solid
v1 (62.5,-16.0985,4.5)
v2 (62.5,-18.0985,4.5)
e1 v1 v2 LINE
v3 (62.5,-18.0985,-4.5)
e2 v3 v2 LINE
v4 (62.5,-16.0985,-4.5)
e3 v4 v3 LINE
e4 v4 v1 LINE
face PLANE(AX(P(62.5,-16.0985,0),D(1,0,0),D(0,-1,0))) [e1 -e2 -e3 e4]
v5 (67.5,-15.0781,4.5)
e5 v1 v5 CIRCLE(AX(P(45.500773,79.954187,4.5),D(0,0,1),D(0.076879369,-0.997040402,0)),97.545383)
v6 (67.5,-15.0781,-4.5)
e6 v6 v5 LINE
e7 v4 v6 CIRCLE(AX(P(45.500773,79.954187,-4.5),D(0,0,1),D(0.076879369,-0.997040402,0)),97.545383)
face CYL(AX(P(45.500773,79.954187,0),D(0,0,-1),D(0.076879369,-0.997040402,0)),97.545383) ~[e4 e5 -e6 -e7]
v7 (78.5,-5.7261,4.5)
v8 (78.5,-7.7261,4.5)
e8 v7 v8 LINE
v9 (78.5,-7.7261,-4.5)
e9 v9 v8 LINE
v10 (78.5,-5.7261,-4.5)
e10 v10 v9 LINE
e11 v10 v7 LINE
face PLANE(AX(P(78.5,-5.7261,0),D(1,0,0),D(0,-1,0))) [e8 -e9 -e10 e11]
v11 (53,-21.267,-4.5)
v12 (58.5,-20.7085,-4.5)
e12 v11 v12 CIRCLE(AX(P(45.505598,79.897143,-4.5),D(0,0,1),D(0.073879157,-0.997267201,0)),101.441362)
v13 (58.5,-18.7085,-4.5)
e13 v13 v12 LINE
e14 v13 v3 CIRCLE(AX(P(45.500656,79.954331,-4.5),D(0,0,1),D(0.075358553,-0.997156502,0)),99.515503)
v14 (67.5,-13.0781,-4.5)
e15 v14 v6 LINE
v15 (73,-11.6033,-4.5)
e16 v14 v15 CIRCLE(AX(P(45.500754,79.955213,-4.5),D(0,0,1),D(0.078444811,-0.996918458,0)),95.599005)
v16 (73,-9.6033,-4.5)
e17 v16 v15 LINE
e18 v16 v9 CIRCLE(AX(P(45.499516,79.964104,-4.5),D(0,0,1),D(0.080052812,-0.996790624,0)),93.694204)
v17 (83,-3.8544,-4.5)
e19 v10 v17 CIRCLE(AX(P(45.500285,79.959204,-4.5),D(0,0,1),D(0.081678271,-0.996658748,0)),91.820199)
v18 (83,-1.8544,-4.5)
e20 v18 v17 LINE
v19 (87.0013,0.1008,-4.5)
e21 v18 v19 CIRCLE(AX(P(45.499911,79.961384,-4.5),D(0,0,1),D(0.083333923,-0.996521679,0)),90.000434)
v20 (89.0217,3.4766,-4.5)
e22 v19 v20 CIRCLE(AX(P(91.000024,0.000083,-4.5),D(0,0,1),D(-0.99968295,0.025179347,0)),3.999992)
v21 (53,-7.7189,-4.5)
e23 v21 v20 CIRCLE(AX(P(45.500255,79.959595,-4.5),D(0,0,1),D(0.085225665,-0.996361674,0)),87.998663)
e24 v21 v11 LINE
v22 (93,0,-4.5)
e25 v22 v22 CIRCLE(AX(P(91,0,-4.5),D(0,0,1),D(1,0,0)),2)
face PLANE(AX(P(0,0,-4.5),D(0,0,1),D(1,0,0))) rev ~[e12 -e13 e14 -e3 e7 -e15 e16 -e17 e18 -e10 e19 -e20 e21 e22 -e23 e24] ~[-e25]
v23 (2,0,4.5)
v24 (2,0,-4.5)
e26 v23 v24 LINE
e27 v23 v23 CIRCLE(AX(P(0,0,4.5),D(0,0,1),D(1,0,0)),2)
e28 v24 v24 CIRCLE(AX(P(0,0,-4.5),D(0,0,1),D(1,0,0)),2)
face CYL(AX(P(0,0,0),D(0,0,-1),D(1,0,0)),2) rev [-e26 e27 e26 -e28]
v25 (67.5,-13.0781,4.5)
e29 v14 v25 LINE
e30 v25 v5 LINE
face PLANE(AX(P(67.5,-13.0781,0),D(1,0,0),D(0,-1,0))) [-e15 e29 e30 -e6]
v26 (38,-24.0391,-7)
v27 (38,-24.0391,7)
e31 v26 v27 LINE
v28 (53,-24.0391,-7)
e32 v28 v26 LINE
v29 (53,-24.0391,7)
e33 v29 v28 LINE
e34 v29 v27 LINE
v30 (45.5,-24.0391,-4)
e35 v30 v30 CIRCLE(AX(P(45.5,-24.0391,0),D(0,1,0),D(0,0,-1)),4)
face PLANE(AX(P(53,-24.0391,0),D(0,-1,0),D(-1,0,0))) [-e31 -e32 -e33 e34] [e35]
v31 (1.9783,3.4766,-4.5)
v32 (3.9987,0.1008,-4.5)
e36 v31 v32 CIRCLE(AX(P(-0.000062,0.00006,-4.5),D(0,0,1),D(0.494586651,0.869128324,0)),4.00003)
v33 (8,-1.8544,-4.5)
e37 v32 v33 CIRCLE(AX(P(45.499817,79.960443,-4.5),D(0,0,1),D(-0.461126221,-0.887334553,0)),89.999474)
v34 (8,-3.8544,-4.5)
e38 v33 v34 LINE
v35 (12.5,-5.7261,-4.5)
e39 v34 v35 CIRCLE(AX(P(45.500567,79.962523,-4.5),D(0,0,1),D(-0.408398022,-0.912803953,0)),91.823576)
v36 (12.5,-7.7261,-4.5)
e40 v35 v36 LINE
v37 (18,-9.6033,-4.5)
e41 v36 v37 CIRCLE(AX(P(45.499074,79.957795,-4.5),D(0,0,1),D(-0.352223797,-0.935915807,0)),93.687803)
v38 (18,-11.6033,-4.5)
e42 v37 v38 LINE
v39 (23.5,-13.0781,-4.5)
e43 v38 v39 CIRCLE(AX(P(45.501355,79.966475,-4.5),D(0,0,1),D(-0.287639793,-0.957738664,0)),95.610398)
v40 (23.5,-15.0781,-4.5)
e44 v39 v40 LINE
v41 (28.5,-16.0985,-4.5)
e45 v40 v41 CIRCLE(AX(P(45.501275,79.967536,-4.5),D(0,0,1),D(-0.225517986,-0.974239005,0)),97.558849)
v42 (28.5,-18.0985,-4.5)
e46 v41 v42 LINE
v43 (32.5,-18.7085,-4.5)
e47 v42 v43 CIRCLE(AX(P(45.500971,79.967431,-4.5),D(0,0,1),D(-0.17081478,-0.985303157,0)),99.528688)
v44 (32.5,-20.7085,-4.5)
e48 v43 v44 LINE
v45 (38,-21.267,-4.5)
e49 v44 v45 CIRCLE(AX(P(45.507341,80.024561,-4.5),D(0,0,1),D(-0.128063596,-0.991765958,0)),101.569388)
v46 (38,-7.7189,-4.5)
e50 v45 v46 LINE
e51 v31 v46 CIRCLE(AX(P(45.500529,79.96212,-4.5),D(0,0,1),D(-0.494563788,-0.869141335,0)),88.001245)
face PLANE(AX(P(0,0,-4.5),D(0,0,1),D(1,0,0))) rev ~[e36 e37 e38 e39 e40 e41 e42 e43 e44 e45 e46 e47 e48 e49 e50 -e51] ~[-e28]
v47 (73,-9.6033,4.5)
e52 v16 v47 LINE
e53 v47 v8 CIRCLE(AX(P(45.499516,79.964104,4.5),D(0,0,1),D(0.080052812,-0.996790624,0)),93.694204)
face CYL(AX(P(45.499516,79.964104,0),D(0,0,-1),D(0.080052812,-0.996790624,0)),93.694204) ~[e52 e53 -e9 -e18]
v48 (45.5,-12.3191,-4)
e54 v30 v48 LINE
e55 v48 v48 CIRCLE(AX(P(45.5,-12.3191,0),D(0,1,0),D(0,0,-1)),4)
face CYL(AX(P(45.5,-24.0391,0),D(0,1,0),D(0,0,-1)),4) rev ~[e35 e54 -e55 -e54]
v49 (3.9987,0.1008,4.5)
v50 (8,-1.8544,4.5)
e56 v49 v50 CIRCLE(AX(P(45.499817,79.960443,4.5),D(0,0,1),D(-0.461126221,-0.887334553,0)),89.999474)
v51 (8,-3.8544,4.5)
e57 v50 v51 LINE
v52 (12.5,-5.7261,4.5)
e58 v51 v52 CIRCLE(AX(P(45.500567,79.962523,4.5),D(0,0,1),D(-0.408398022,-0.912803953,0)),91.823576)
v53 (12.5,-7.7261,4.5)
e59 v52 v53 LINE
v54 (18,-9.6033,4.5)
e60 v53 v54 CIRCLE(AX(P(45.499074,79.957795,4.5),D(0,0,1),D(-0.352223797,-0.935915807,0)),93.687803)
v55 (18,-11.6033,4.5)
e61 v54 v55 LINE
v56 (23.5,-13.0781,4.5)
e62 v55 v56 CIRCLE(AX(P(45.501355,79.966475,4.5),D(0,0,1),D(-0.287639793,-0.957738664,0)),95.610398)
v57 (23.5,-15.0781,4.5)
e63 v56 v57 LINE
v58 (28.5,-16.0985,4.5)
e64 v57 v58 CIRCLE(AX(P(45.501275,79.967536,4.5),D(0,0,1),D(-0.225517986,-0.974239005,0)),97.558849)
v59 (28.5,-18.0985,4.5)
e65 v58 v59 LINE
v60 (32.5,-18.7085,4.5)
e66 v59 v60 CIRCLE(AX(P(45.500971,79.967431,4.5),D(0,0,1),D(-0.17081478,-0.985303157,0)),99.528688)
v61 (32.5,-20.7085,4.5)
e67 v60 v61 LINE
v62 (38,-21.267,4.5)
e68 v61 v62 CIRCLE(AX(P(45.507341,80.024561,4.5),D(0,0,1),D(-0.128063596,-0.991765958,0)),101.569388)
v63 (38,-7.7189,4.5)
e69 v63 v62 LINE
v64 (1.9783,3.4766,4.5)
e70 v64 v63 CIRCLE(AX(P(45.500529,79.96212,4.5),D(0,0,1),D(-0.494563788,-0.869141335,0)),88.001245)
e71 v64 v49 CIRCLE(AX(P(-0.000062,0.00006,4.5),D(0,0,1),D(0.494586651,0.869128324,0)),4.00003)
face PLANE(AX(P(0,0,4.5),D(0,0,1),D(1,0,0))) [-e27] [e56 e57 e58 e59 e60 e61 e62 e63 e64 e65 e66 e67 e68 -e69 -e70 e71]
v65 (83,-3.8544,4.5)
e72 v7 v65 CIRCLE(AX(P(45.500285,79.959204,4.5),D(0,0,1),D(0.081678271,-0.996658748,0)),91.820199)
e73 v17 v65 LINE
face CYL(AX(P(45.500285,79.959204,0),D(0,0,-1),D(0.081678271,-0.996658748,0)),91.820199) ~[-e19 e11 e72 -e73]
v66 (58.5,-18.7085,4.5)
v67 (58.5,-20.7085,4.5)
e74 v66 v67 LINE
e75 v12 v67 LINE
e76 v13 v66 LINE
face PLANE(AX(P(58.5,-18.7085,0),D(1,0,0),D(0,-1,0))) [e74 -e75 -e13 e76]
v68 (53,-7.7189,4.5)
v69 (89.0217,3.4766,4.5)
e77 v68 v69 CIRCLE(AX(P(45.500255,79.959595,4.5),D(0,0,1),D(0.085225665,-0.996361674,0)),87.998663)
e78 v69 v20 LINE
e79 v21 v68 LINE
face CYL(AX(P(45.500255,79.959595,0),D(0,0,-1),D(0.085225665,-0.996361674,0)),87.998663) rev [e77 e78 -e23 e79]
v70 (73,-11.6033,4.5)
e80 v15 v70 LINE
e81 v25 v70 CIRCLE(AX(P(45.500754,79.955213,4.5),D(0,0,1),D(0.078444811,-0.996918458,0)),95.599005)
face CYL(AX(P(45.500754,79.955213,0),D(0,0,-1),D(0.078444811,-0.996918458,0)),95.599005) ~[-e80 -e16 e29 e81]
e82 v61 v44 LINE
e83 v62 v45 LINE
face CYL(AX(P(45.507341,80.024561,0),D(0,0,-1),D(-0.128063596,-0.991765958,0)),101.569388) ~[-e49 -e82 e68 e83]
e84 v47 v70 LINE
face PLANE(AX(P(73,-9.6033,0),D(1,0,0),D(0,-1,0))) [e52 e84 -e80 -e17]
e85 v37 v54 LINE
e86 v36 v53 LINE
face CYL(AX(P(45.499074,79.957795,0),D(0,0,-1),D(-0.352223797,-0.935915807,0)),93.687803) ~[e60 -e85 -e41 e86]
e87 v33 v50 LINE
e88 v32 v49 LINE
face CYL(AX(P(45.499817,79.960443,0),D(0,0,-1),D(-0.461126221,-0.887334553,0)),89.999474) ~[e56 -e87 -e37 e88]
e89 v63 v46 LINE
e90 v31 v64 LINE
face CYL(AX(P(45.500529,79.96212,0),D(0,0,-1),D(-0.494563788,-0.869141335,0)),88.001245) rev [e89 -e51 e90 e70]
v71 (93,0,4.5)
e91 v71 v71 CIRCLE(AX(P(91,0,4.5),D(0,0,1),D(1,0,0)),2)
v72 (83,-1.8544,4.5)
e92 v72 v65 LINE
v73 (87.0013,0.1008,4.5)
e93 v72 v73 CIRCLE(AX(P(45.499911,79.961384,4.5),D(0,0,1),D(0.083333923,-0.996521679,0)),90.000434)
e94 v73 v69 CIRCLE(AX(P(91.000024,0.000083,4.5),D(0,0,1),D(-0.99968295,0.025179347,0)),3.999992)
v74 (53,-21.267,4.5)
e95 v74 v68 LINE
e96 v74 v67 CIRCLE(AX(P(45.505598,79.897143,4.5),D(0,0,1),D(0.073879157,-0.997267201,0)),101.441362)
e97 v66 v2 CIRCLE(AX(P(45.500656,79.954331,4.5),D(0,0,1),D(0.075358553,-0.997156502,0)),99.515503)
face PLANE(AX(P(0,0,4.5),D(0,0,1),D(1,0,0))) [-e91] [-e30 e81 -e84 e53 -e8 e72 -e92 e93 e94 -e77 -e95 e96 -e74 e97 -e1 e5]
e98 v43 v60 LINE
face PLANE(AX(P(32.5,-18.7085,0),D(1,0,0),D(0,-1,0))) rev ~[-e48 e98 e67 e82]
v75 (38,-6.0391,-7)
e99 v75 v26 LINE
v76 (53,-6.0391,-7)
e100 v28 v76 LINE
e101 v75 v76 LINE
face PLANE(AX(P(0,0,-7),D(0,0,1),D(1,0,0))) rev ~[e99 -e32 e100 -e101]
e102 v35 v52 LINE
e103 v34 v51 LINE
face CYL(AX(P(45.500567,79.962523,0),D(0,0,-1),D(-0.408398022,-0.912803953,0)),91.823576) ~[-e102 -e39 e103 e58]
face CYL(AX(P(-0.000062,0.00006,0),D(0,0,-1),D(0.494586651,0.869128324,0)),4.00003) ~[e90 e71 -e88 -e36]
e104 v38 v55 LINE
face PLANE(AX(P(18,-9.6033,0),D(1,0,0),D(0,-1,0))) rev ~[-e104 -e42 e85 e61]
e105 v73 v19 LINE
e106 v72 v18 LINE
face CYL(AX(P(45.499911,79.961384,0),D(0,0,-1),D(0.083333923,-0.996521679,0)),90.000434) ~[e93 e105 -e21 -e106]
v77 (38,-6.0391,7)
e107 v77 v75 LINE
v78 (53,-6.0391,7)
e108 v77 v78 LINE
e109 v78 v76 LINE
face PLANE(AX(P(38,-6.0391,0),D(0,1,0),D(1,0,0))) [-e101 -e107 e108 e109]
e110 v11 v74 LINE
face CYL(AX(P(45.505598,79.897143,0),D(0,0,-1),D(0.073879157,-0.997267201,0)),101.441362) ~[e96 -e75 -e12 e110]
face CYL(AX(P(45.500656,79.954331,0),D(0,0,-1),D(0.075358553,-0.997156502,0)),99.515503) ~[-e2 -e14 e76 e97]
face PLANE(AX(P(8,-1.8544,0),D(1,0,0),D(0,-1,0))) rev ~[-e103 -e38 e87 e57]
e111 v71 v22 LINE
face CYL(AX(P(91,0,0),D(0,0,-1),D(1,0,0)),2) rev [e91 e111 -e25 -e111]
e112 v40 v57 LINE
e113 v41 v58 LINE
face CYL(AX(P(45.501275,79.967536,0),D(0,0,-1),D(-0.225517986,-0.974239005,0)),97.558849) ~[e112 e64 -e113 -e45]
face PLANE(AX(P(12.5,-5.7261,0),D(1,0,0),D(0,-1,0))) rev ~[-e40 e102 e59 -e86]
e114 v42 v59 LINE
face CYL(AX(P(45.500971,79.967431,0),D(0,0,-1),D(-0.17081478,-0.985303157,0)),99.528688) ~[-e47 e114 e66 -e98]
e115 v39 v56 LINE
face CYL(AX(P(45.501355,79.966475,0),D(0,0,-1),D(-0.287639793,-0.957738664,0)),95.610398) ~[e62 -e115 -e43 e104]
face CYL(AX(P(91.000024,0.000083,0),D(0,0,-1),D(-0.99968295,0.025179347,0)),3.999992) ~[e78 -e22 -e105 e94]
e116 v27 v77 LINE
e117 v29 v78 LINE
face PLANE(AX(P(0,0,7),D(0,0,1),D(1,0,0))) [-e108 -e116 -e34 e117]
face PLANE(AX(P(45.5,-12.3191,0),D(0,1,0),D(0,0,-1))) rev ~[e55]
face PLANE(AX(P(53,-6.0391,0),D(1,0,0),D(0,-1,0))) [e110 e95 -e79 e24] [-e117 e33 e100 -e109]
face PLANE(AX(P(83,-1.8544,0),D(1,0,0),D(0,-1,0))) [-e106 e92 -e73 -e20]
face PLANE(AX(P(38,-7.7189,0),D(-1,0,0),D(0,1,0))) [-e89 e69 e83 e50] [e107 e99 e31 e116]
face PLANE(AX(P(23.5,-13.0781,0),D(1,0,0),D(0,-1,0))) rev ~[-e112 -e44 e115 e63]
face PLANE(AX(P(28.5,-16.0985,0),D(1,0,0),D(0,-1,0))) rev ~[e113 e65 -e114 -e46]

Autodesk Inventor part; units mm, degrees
ref_plane "YZ Plane" through (0, 0, 0) normal (1, 0, 0) x (0, 1, 0)
ref_plane "XZ Plane" through (0, 0, 0) normal (0, 1, 0) x (-1, 0, 0)
ref_plane "XY Plane" through (0, 0, 0) normal (0, 0, 1) x (1, 0, 0)
sketch "Sketch1" plane through (0, 0, 0) normal (0, 0, 1) x (1, 0, 0)
  arc A0 (1.9783, 3.4766) -> (3.9987, 0.1008) centre (0, 0) ccw
  arc A1 (87.0013, 0.1008) -> (89.0217, 3.4766) centre (91, 0) ccw
  line L0 (0, 0) -> (109, 0) construction
  line L1 (8, -1.8544) -> (8, -3.8544)
  line L2 (83, -1.8544) -> (83, -3.8544)
  line L3 (45.5, 0) -> (45.5, -69) construction
  line L4 (12.5, -5.7261) -> (12.5, -7.7261)
  line L5 (78.5, -5.7261) -> (78.5, -7.7261)
  line L6 (18, -9.6033) -> (18, -11.6033)
  line L7 (73, -9.6033) -> (73, -11.6033)
  line L8 (23.5, -13.0781) -> (23.5, -15.0781)
  line L9 (67.5, -13.0781) -> (67.5, -15.0781)
  line L10 (28.5, -16.0985) -> (28.5, -18.0985)
  line L11 (62.5, -16.0985) -> (62.5, -18.0985)
  line L12 (32.5, -18.7085) -> (32.5, -20.7085)
  line L13 (58.5, -18.7085) -> (58.5, -20.7085)
  circle A2 centre (91, 0) radius 2
  circle A3 centre (0, 0) radius 2
  line L14 (38, -6.0391) -> (53, -6.0391)
  line L15 (53, -6.0391) -> (53, -24.0391)
  line L16 (53, -24.0391) -> (38, -24.0391)
  line L17 (38, -24.0391) -> (38, -6.0391)
  arc A4 (3.9987, 0.1008) -> (38, -9.726) centre (45.5, 79.9609) ccw
  arc A5 (53, -9.726) -> (87.0013, 0.1008) centre (45.5, 79.9609) ccw
  line L18 (0, -8.0391) -> (38, -8.0391) construction
  line L19 (53, -8.0391) -> (95.0831, -8.0391) construction
  arc A6 (1.9783, 3.4766) -> (38, -7.7189) centre (45.5, 79.9609) ccw
  arc A7 (53, -7.7189) -> (89.0217, 3.4766) centre (45.5, 79.9609) ccw
  arc A8 (8, -3.8544) -> (38, -11.5542) centre (45.5, 79.9609) ccw
  arc A9 (53, -11.5542) -> (83, -3.8544) centre (45.5, 79.9609) ccw
  arc A10 (12.5, -7.7261) -> (38, -13.4294) centre (45.5, 79.9609) ccw
  arc A11 (53, -13.4294) -> (78.5, -7.7261) centre (45.5, 79.9609) ccw
  arc A12 (18, -11.6033) -> (38, -15.3492) centre (45.5, 79.9609) ccw
  arc A13 (53, -15.3492) -> (73, -11.6033) centre (45.5, 79.9609) ccw
  arc A14 (23.5, -15.0781) -> (38, -17.3025) centre (45.5, 79.9609) ccw
  arc A15 (53, -17.3025) -> (67.5, -15.0781) centre (45.5, 79.9609) ccw
  arc A16 (28.5, -18.0985) -> (38, -19.2782) centre (45.5, 79.9609) ccw
  arc A17 (53, -19.2782) -> (62.5, -18.0985) centre (45.5, 79.9609) ccw
  arc A18 (32.5, -20.7085) -> (38, -21.267) centre (45.5, 79.9609) ccw
  arc A19 (53, -21.267) -> (58.5, -20.7085) centre (45.5, 79.9609) ccw
  dimension "d53" = 15
  dimension "d1" = 8
  dimension "d2" = 91
  dimension "d10" = 2
  dimension "d11" = 2
  dimension "d13" = 45.5
  dimension "d16" = 2
  dimension "d17" = 2
  dimension "d19" = 33
  dimension "d20" = 37.5
  dimension "d21" = 2
  dimension "d22" = 2
  dimension "d23" = 27.5
  dimension "d24" = 27.5
  dimension "d25" = 2
  dimension "d26" = 2
  dimension "d27" = 22
  dimension "d29" = 2
  dimension "d30" = 2
  dimension "d32" = 17
  dimension "d33" = 2
  dimension "d34" = 2
  dimension "d35" = 13
  dimension "d37" = 4
  dimension "d38" = 4
  dimension "d52" = 18
  dimension "d54" = 7.5
extrude "Extrusion5" add sketch "Sketch1" along normal mid plane 14 contours L17 L14 L15 L16
extrude "Extrusion6" add sketch "Sketch1" along normal mid plane 9 contours A6 L17 A4 A0 | A4 L17 A8 L1 | L17 A10 L4 A8 | L17 A12 L6 A10 | A7 A1 A5 L15 | L17 A14 L8 A12 | A5 L2 A9 L15 | L17 A16 L10 A14 | A9 L5 A11 L15 | L17 A18 L12 A16 | A11 L7 A13 L15 | A13 L9 A15 L15 | A15 L11 A17 L15 | A17 L13 A19 L15
sketch "Sketch2" plane through (38, -24.0391, 7) normal (0, -1, 0) x (1, 0, 0)
  circle A0 centre (7.5, -7) radius 4
  line L0 (15, -14) -> (0, -14) projected
  line L1 (0, -14) -> (0, 0) projected
  point P0 (-38, -7)
  dimension "d59" = 8
  dimension "d60" = 7
  dimension "d61" = 7.5
hole "Hole1" at (45.5, -24.0391, 0) direction (0, 1, 0) diameter 8 depth 11.72
equation "\"d19\" = d18"
equation "\"d32\" = d31"
equation "\"d18\" = 33"
equation "\"d31\" = 17"
properties part number "HUDSON-1-09-LEAF SPRING PACK"
